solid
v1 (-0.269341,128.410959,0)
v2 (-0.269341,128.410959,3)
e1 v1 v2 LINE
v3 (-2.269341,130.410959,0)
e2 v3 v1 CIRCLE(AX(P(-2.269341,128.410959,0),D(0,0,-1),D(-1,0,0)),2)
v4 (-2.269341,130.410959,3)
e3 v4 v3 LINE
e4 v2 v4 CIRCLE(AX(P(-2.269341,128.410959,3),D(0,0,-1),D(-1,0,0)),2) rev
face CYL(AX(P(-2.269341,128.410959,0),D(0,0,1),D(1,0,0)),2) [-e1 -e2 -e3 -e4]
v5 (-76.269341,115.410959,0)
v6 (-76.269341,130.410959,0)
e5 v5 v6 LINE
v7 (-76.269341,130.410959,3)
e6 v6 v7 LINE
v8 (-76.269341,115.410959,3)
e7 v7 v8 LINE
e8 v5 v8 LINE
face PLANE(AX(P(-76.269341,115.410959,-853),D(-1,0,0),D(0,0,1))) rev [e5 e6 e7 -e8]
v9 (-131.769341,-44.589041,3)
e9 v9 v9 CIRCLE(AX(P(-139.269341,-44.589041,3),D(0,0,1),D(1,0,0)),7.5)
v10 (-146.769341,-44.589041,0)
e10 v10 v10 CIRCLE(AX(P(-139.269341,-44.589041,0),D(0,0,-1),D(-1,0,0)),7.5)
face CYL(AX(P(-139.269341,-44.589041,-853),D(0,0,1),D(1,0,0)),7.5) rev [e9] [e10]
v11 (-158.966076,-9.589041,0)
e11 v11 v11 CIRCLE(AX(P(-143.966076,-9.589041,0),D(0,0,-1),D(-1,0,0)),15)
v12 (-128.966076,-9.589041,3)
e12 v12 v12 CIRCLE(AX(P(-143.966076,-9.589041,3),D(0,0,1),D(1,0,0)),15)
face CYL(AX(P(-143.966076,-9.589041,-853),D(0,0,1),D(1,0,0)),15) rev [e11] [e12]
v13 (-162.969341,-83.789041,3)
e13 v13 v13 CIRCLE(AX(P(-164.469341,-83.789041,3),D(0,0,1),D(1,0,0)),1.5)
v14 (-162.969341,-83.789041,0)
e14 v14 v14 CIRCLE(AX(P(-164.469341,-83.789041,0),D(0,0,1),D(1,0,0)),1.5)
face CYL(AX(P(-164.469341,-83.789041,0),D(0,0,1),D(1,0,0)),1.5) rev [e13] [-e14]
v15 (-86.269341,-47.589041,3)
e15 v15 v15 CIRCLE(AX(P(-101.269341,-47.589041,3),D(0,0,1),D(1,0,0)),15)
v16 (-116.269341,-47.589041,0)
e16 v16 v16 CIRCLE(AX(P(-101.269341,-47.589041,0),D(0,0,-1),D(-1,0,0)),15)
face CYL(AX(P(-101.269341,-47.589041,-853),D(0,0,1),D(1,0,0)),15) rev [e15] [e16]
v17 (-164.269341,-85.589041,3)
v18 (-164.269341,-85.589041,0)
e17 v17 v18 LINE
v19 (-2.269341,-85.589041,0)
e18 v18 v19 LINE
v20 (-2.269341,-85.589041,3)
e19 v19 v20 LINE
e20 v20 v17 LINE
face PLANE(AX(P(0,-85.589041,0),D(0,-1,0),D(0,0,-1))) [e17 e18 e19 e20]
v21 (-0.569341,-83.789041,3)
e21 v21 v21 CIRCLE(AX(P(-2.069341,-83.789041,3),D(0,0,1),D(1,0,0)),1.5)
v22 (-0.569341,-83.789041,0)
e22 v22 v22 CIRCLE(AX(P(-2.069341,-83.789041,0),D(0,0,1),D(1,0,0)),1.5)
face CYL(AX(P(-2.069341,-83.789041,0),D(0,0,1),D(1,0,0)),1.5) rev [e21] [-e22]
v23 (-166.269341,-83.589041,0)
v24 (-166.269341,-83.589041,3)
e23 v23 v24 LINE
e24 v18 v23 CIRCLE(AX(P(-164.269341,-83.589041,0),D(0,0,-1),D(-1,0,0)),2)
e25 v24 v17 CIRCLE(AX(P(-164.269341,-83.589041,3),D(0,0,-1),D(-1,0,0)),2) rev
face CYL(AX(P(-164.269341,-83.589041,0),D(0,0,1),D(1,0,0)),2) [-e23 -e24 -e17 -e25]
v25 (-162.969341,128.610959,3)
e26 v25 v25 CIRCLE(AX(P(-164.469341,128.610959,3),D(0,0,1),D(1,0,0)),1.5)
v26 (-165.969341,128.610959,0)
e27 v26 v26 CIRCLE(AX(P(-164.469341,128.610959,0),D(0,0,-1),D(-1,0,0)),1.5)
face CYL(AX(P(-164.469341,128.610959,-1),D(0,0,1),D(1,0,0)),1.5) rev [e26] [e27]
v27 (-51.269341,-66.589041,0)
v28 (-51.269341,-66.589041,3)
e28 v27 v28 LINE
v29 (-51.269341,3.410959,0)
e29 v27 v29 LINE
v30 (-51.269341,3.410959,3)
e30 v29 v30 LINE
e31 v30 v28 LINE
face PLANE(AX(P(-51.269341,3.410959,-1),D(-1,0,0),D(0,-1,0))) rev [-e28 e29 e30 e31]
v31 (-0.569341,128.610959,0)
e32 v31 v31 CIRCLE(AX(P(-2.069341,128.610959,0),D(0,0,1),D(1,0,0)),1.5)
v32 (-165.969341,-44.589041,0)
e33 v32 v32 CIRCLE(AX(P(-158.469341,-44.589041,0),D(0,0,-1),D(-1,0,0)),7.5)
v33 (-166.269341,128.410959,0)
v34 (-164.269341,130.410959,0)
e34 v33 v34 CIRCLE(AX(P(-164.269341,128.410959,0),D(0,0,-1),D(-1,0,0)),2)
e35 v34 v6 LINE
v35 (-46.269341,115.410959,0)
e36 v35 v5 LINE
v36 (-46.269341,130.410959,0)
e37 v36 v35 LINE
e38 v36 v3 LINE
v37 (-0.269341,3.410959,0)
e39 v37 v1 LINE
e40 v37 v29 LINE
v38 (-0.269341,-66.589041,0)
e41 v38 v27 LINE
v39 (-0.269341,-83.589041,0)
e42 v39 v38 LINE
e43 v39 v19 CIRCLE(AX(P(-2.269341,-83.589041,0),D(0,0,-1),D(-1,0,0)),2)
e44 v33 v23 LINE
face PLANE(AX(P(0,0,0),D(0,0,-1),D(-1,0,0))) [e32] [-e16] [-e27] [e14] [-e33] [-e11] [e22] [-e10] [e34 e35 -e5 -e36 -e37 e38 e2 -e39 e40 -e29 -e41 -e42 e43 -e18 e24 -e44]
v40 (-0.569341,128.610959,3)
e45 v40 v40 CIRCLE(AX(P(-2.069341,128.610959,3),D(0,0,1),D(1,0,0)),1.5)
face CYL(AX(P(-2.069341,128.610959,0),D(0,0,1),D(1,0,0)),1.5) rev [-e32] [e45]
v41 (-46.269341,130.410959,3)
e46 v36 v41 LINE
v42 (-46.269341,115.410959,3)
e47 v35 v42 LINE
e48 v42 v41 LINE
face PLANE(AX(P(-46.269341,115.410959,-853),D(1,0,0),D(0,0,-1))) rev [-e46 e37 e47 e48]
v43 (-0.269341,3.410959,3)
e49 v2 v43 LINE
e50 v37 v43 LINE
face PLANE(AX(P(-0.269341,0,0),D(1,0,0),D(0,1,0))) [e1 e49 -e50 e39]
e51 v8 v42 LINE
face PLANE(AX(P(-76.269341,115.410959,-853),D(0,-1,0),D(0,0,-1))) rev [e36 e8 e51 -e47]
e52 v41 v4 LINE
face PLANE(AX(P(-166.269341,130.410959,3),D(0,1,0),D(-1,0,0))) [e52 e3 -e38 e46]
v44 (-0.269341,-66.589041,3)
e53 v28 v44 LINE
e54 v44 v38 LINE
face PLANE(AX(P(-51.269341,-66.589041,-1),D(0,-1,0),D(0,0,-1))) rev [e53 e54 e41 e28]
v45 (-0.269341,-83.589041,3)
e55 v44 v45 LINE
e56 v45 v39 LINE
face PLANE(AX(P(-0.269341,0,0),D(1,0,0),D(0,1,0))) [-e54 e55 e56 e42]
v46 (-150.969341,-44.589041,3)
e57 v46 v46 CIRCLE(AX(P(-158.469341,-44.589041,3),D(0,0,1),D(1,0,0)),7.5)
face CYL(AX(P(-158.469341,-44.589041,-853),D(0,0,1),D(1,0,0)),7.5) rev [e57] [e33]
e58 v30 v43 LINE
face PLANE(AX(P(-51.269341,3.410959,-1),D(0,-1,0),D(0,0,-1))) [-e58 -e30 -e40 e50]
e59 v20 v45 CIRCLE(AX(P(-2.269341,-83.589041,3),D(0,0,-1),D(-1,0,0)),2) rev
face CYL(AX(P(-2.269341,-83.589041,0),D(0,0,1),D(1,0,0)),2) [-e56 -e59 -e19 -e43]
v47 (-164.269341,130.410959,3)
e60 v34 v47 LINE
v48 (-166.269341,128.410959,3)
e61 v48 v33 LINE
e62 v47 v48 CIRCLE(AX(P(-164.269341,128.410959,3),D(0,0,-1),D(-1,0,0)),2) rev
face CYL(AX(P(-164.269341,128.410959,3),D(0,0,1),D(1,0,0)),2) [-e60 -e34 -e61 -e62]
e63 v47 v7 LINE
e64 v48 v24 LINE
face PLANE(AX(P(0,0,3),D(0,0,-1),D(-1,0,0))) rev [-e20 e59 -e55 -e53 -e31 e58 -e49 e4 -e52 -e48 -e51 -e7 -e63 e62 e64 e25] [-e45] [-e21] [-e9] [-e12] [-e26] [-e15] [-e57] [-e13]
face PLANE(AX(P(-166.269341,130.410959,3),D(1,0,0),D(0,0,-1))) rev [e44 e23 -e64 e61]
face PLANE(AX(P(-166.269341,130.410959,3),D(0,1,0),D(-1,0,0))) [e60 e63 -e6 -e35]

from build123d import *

# Parameters (mm, degrees)
ESQUISSE1_W              = 160
ESQUISSE1_H              = 210
BOSS_EXTRU_1_DEPTH       = 3
CONG_6_R                 = 2
ESQUISSE4_R              = 1.5
ENL_V_MAT_EXTRU_3_DEPTH  = 4
ESQUISSE6_W              = 45
ESQUISSE6_H              = 70
ENL_V_MAT_EXTRU_5_DEPTH  = 4
ESQUISSE7_R              = 15
ENL_V_MAT_EXTRU_6_DEPTH  = 856
ESQUISSE8_R              = 15
ENL_V_MAT_EXTRU_7_DEPTH  = 856
ESQUISSE9_R              = 7.5
ENL_V_MAT_EXTRU_8_DEPTH  = 856
ESQUISSE10_R             = 7.5
ENL_V_MAT_EXTRU_13_DEPTH = 856
ESQUISSE12_W             = 30
ESQUISSE12_H             = 15
ENL_V_MAT_EXTRU_14_DEPTH = 856
ESQUISSE13_W             = 160
ESQUISSE13_H             = 3
BOSS_EXTRU_2_DEPTH       = 3
ESQUISSE14_W             = 3
ESQUISSE14_H             = 213
BOSS_EXTRU_3_DEPTH       = 3
ESQUISSE15_W             = 3
ESQUISSE15_H             = 70
ENL_V_MAT_EXTRU_15_DEPTH = 4
ESQUISSE18_W             = 3
ESQUISSE18_H             = 213
BOSS_EXTRU_4_DEPTH       = 3
ESQUISSE19_W             = 166
ESQUISSE19_H             = 3
BOSS_EXTRU_5_DEPTH       = 3
ESQUISSE20_W             = 3
ESQUISSE20_H             = 70
ENL_V_MAT_EXTRU_16_DEPTH = 3
ESQUISSE21_R             = 1.5
ENL_V_MAT_EXTRU_17_DEPTH = 3
ESQUISSE22_R             = 1.5
ENL_V_MAT_EXTRU_18_DEPTH = 3
ESQUISSE23_R             = 1.5
ENL_V_MAT_EXTRU_19_DEPTH = 3
CONG_7_R                 = 2
CONG_8_R                 = 2
CONG_9_R                 = 2


with BuildPart() as part:
    # Esquisse1 → Boss.-Extru.1 (new body)
    with BuildSketch(Plane.XY):
        with Locations((-86.269341233, 25.410958904)):
            Rectangle(ESQUISSE1_W, ESQUISSE1_H)
    extrude(amount=BOSS_EXTRU_1_DEPTH)

    # Congé6
    cong_6_edges = [part.edges().sort_by_distance(p)[0] for p in [
        (-166.269341233, 130.410958904, 1.5),
    ]]
    fillet(cong_6_edges, radius=CONG_6_R)

    # Esquisse4 → Enlèv. mat.-Extru.3 (cut)
    with BuildSketch(Plane.XY.offset(3)):
        with Locations((-164.469341233, 128.610958904)):
            Circle(ESQUISSE4_R)
    extrude(amount=-ENL_V_MAT_EXTRU_3_DEPTH, mode=Mode.SUBTRACT)

    # Esquisse6 → Enlèv. mat.-Extru.5 (cut)
    with BuildSketch(Plane.XY.offset(3)):
        with Locations((-28.769341233, -31.589041096)):
            Rectangle(ESQUISSE6_W, ESQUISSE6_H)
    extrude(amount=-ENL_V_MAT_EXTRU_5_DEPTH, mode=Mode.SUBTRACT)

    # Esquisse7 → Enlèv. mat.-Extru.6 (cut)
    with BuildSketch(Plane.XY.offset(3)):
        with Locations((-101.269341233, -47.589041096)):
            Circle(ESQUISSE7_R)
    extrude(amount=-ENL_V_MAT_EXTRU_6_DEPTH, mode=Mode.SUBTRACT)

    # Esquisse8 → Enlèv. mat.-Extru.7 (cut)
    with BuildSketch(Plane.XY.offset(3)):
        with Locations((-143.966076441, -9.589041096)):
            Circle(ESQUISSE8_R)
    extrude(amount=-ENL_V_MAT_EXTRU_7_DEPTH, mode=Mode.SUBTRACT)

    # Esquisse9 → Enlèv. mat.-Extru.8 (cut)
    with BuildSketch(Plane.XY.offset(3)):
        with Locations((-139.269341233, -44.589041096)):
            Circle(ESQUISSE9_R)
    extrude(amount=-ENL_V_MAT_EXTRU_8_DEPTH, mode=Mode.SUBTRACT)

    # Esquisse10 → Enlèv. mat.-Extru.13 (cut)
    with BuildSketch(Plane.XY.offset(3)):
        with Locations((-158.469341233, -44.589041096)):
            Circle(ESQUISSE10_R)
    extrude(amount=-ENL_V_MAT_EXTRU_13_DEPTH, mode=Mode.SUBTRACT)

    # Esquisse12 → Enlèv. mat.-Extru.14 (cut)
    with BuildSketch(Plane.XY.offset(3)):
        with Locations((-61.269341233, 122.910958904)):
            Rectangle(ESQUISSE12_W, ESQUISSE12_H)
    extrude(amount=-ENL_V_MAT_EXTRU_14_DEPTH, mode=Mode.SUBTRACT)

    # Esquisse13 → Boss.-Extru.2 (add)
    with BuildSketch(Plane.XZ.offset(79.589041096)):
        with Locations((-86.269341233, 1.5)):
            Rectangle(ESQUISSE13_W, ESQUISSE13_H)
    extrude(amount=BOSS_EXTRU_2_DEPTH)

    # Esquisse14 → Boss.-Extru.3 (add)
    with BuildSketch(Plane(origin=(-6.269341233, 0, 0), x_dir=(0, 0, -1), z_dir=(1, 0, 0))):
        with Locations((-1.5, 23.910958904)):
            Rectangle(ESQUISSE14_W, ESQUISSE14_H)
    extrude(amount=BOSS_EXTRU_3_DEPTH)

    # Esquisse15 → Enlèv. mat.-Extru.15 (cut)
    with BuildSketch(Plane(origin=(-3.269341233, 0, 0), x_dir=(0, 0, -1), z_dir=(1, 0, 0))):
        with Locations((-1.5, -31.589041096)):
            Rectangle(ESQUISSE15_W, ESQUISSE15_H)
    extrude(amount=-ENL_V_MAT_EXTRU_15_DEPTH, mode=Mode.SUBTRACT)

    # Esquisse18 → Boss.-Extru.4 (add)
    with BuildSketch(Plane(origin=(-3.269341233, 0, 0), x_dir=(0, 0, -1), z_dir=(1, 0, 0))):
        with Locations((-1.5, 23.910958904)):
            Rectangle(ESQUISSE18_W, ESQUISSE18_H)
    extrude(amount=BOSS_EXTRU_4_DEPTH)

    # Esquisse19 → Boss.-Extru.5 (add)
    with BuildSketch(Plane(origin=(0, -82.589041096, 0), x_dir=(-1, 0, 0), z_dir=(0, -1, 0))):
        with Locations((83.269341233, -1.5)):
            Rectangle(ESQUISSE19_W, ESQUISSE19_H)
    extrude(amount=BOSS_EXTRU_5_DEPTH)

    # Esquisse20 → Enlèv. mat.-Extru.16 (cut)
    with BuildSketch(Plane(origin=(-0.269341233, 0, 0), x_dir=(0, 0, -1), z_dir=(1, 0, 0))):
        with Locations((-1.5, -31.589041096)):
            Rectangle(ESQUISSE20_W, ESQUISSE20_H)
    extrude(amount=-ENL_V_MAT_EXTRU_16_DEPTH, mode=Mode.SUBTRACT)

    # Esquisse21 → Enlèv. mat.-Extru.17 (cut)
    with BuildSketch(Plane.XY.offset(3)):
        with Locations((-2.069341233, 128.610958904)):
            Circle(ESQUISSE21_R)
    extrude(amount=-ENL_V_MAT_EXTRU_17_DEPTH, mode=Mode.SUBTRACT)

    # Esquisse22 → Enlèv. mat.-Extru.18 (cut)
    with BuildSketch(Plane.XY.offset(3)):
        with Locations((-2.069341233, -83.789041096)):
            Circle(ESQUISSE22_R)
    extrude(amount=-ENL_V_MAT_EXTRU_18_DEPTH, mode=Mode.SUBTRACT)

    # Esquisse23 → Enlèv. mat.-Extru.19 (cut)
    with BuildSketch(Plane.XY.offset(3)):
        with Locations((-164.469341233, -83.789041096)):
            Circle(ESQUISSE23_R)
    extrude(amount=-ENL_V_MAT_EXTRU_19_DEPTH, mode=Mode.SUBTRACT)

    # Congé7
    cong_7_edges = [part.edges().sort_by_distance(p)[0] for p in [
        (-0.269341233, -85.589041096, 1.5),
    ]]
    fillet(cong_7_edges, radius=CONG_7_R)

    # Congé8
    cong_8_edges = [part.edges().sort_by_distance(p)[0] for p in [
        (-0.269341233, 130.410958904, 1.5),
    ]]
    fillet(cong_8_edges, radius=CONG_8_R)

    # Congé9
    cong_9_edges = [part.edges().sort_by_distance(p)[0] for p in [
        (-166.269341233, -85.589041096, 1.5),
    ]]
    fillet(cong_9_edges, radius=CONG_9_R)


solid = part.part
